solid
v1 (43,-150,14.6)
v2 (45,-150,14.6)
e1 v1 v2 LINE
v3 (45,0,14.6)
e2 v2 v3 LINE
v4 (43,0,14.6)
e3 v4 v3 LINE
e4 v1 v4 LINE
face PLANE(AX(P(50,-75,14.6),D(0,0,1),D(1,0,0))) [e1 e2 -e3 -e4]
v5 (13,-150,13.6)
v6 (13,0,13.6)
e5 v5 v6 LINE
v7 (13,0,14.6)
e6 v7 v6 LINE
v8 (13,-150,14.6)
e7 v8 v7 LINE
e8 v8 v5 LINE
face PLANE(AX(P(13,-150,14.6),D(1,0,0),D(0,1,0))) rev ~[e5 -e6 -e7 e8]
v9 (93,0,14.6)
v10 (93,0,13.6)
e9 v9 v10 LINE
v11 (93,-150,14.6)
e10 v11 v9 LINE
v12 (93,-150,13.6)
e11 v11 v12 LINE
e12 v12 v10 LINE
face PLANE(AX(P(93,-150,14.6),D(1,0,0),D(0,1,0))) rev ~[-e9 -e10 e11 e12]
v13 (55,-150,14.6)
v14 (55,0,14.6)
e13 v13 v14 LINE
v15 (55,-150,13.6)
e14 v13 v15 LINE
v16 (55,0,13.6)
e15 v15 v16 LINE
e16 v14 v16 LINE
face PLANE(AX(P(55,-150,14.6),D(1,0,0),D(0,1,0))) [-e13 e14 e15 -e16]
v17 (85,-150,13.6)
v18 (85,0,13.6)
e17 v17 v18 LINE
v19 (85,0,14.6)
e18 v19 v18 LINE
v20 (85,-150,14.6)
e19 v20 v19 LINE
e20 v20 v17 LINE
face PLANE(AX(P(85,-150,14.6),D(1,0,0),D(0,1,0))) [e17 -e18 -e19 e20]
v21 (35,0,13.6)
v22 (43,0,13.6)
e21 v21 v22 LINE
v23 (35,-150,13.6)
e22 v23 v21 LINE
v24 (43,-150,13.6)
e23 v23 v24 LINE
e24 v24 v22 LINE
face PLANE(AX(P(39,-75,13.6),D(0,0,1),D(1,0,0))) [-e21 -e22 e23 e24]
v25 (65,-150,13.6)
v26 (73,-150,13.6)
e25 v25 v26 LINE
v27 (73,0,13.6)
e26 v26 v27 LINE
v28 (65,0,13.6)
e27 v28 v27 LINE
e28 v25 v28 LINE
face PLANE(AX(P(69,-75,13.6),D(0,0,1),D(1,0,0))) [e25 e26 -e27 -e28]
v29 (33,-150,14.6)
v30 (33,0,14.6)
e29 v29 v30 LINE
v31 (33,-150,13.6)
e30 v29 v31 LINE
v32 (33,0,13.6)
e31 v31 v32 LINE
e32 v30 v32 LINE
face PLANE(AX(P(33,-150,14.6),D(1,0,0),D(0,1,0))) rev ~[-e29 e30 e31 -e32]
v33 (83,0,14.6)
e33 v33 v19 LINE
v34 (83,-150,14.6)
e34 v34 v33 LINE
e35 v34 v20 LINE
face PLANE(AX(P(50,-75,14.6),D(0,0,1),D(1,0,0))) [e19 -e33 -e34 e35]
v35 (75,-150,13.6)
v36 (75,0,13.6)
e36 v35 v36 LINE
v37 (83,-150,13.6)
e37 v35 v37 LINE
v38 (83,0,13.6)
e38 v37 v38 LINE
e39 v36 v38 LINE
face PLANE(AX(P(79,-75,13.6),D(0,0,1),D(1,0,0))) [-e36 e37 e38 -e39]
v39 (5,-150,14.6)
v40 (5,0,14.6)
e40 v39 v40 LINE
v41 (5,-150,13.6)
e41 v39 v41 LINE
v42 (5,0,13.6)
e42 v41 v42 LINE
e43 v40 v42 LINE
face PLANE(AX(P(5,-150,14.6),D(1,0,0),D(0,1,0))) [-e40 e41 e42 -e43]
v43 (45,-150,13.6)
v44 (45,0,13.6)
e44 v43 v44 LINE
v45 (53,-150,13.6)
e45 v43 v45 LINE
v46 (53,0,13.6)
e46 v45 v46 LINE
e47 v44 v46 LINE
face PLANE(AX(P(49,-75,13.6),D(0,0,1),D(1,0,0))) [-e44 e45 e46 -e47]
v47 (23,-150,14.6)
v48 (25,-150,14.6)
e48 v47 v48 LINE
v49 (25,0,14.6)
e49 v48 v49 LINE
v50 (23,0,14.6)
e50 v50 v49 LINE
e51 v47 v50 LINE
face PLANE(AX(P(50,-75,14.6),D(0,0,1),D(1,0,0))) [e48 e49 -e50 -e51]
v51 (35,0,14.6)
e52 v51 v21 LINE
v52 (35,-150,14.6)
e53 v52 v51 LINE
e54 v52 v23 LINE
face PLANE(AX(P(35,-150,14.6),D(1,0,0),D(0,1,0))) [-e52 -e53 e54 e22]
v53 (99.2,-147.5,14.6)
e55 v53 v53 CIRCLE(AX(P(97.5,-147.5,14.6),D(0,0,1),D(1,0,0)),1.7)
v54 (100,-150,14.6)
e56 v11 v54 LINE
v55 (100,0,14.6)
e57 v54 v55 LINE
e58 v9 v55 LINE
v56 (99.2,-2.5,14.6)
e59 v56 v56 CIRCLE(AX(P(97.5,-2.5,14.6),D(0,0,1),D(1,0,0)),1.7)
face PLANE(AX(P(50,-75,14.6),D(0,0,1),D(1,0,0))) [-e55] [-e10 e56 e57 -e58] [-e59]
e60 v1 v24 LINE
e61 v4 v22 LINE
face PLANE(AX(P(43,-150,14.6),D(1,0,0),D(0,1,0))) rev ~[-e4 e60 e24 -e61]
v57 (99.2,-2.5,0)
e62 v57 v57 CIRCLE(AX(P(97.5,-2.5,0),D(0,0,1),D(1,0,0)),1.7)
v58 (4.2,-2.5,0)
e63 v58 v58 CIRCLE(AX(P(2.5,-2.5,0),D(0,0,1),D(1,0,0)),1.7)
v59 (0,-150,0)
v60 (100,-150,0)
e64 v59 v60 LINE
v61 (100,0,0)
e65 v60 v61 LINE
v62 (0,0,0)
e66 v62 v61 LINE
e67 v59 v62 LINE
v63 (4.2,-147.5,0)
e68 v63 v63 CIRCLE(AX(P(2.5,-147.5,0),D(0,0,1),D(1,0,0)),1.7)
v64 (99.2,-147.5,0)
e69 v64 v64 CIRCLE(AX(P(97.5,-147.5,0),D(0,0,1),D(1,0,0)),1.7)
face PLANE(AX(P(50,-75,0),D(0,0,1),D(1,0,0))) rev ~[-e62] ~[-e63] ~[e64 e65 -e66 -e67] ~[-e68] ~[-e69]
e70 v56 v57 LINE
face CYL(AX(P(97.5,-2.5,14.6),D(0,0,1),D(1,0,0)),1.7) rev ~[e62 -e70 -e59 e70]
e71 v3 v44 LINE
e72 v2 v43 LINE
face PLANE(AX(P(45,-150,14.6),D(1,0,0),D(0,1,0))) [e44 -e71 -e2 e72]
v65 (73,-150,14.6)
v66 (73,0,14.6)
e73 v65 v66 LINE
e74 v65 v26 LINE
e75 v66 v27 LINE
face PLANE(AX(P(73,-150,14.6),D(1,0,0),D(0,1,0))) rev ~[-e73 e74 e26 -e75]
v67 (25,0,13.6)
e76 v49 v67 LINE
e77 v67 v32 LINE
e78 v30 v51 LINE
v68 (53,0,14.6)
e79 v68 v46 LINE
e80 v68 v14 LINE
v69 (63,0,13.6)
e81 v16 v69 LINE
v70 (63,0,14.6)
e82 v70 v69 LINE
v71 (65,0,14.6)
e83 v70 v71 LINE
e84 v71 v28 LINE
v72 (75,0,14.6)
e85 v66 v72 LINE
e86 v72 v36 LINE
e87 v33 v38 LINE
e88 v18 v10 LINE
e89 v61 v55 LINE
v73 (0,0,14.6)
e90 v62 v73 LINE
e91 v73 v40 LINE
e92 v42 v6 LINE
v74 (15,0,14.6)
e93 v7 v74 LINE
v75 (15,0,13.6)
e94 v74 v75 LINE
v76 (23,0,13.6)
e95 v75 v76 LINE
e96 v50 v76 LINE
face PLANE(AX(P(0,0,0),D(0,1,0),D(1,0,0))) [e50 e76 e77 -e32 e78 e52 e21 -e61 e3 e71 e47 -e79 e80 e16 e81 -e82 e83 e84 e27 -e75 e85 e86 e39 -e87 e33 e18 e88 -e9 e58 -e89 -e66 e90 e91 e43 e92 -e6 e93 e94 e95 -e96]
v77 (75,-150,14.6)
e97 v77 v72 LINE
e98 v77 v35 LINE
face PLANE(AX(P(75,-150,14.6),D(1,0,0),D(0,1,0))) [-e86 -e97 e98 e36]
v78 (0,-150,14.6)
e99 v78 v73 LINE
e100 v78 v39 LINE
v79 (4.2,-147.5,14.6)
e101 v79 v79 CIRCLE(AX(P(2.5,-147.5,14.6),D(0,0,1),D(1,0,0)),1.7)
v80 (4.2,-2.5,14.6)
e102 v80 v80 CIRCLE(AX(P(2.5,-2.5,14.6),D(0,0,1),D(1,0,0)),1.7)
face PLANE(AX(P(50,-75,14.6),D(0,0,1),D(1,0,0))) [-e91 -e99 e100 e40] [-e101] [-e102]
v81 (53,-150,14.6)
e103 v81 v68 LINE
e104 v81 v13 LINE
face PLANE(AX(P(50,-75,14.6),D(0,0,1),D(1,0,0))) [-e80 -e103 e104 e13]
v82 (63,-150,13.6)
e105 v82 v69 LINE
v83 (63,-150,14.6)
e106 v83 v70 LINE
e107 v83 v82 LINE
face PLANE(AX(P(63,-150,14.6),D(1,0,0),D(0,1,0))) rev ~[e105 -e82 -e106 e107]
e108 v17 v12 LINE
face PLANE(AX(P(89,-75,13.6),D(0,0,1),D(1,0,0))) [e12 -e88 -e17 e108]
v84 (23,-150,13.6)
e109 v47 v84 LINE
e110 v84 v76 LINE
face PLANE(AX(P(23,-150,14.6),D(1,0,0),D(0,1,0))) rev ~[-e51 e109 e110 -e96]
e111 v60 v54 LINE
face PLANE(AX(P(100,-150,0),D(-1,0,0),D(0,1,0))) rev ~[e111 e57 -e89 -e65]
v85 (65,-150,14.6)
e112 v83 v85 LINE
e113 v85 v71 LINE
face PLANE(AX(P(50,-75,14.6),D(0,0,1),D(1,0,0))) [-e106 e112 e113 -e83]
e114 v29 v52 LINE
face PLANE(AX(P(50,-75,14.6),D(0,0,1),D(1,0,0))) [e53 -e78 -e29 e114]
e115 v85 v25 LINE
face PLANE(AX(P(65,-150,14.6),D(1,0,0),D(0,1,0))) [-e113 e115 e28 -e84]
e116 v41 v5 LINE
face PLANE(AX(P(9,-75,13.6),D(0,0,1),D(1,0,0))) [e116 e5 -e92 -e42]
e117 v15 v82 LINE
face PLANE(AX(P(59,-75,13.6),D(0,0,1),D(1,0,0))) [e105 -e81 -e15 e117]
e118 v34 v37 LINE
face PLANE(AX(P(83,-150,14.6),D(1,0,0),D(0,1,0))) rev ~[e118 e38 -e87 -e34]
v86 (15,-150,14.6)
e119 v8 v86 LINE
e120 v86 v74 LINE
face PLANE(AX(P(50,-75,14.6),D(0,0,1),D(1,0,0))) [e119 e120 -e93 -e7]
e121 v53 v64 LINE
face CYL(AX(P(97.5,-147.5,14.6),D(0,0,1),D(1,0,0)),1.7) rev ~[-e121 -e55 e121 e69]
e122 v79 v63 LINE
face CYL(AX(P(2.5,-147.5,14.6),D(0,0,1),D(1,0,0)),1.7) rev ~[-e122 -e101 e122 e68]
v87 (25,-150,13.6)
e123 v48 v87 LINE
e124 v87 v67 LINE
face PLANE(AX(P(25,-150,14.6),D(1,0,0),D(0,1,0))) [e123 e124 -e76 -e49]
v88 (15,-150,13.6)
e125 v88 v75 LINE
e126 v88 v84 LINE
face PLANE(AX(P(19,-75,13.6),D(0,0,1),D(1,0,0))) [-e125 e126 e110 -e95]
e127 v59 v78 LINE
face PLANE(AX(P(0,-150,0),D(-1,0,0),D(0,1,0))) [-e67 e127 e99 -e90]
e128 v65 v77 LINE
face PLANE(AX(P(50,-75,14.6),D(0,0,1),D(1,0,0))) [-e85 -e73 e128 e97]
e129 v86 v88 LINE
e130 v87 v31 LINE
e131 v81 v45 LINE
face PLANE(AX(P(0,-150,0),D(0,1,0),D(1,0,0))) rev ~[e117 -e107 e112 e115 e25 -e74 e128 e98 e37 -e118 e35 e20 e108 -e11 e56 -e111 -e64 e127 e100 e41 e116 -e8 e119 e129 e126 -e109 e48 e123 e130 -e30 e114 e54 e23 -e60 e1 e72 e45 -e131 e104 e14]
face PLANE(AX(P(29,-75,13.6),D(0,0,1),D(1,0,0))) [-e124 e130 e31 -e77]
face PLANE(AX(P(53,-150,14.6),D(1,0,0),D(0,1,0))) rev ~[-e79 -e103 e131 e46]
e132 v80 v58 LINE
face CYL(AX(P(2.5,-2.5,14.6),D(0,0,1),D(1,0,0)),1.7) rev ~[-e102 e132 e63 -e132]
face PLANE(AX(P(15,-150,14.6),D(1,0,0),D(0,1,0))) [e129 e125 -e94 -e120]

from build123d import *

# Parameters (mm, degrees)
F0_W     = 100
F0_H     = 150
F1_DEPTH = 14.6
F2_W     = 8
F2_H     = 150
F3_DEPTH = 1
F4_R     = 1.7
F5_DEPTH = 25


with BuildPart() as f1:
    # F0 (on Top) → F1 (new body)
    with BuildSketch(Plane.XY):
        with Locations((50, -75)):
            Rectangle(F0_W, F0_H)
    extrude(amount=F1_DEPTH)

    # F2 (on face) → F3 (cut)
    with BuildSketch(Plane.XY.offset(14.6)):
        with Locations((9, -75)):
            Rectangle(F2_W, F2_H)
        with Locations((19, -75)):
            Rectangle(F2_W, F2_H)
        with Locations((29, -75)):
            Rectangle(F2_W, F2_H)
        with Locations((39, -75)):
            Rectangle(F2_W, F2_H)
        with Locations((49, -75)):
            Rectangle(F2_W, F2_H)
        with Locations((59, -75)):
            Rectangle(F2_W, F2_H)
        with Locations((69, -75)):
            Rectangle(F2_W, F2_H)
        with Locations((79, -75)):
            Rectangle(F2_W, F2_H)
        with Locations((89, -75)):
            Rectangle(F2_W, F2_H)
    extrude(amount=-F3_DEPTH, mode=Mode.SUBTRACT)

    # F4 (on face) → F5 (cut)
    with BuildSketch(Plane.XY.offset(14.6)):
        with Locations((2.5, -2.5)):
            Circle(F4_R)
        with Locations((2.5, -147.5)):
            Circle(F4_R)
        with Locations((97.5, -147.5)):
            Circle(F4_R)
        with Locations((97.5, -2.5)):
            Circle(F4_R)
    extrude(amount=-F5_DEPTH, mode=Mode.SUBTRACT)


solid = f1.part
